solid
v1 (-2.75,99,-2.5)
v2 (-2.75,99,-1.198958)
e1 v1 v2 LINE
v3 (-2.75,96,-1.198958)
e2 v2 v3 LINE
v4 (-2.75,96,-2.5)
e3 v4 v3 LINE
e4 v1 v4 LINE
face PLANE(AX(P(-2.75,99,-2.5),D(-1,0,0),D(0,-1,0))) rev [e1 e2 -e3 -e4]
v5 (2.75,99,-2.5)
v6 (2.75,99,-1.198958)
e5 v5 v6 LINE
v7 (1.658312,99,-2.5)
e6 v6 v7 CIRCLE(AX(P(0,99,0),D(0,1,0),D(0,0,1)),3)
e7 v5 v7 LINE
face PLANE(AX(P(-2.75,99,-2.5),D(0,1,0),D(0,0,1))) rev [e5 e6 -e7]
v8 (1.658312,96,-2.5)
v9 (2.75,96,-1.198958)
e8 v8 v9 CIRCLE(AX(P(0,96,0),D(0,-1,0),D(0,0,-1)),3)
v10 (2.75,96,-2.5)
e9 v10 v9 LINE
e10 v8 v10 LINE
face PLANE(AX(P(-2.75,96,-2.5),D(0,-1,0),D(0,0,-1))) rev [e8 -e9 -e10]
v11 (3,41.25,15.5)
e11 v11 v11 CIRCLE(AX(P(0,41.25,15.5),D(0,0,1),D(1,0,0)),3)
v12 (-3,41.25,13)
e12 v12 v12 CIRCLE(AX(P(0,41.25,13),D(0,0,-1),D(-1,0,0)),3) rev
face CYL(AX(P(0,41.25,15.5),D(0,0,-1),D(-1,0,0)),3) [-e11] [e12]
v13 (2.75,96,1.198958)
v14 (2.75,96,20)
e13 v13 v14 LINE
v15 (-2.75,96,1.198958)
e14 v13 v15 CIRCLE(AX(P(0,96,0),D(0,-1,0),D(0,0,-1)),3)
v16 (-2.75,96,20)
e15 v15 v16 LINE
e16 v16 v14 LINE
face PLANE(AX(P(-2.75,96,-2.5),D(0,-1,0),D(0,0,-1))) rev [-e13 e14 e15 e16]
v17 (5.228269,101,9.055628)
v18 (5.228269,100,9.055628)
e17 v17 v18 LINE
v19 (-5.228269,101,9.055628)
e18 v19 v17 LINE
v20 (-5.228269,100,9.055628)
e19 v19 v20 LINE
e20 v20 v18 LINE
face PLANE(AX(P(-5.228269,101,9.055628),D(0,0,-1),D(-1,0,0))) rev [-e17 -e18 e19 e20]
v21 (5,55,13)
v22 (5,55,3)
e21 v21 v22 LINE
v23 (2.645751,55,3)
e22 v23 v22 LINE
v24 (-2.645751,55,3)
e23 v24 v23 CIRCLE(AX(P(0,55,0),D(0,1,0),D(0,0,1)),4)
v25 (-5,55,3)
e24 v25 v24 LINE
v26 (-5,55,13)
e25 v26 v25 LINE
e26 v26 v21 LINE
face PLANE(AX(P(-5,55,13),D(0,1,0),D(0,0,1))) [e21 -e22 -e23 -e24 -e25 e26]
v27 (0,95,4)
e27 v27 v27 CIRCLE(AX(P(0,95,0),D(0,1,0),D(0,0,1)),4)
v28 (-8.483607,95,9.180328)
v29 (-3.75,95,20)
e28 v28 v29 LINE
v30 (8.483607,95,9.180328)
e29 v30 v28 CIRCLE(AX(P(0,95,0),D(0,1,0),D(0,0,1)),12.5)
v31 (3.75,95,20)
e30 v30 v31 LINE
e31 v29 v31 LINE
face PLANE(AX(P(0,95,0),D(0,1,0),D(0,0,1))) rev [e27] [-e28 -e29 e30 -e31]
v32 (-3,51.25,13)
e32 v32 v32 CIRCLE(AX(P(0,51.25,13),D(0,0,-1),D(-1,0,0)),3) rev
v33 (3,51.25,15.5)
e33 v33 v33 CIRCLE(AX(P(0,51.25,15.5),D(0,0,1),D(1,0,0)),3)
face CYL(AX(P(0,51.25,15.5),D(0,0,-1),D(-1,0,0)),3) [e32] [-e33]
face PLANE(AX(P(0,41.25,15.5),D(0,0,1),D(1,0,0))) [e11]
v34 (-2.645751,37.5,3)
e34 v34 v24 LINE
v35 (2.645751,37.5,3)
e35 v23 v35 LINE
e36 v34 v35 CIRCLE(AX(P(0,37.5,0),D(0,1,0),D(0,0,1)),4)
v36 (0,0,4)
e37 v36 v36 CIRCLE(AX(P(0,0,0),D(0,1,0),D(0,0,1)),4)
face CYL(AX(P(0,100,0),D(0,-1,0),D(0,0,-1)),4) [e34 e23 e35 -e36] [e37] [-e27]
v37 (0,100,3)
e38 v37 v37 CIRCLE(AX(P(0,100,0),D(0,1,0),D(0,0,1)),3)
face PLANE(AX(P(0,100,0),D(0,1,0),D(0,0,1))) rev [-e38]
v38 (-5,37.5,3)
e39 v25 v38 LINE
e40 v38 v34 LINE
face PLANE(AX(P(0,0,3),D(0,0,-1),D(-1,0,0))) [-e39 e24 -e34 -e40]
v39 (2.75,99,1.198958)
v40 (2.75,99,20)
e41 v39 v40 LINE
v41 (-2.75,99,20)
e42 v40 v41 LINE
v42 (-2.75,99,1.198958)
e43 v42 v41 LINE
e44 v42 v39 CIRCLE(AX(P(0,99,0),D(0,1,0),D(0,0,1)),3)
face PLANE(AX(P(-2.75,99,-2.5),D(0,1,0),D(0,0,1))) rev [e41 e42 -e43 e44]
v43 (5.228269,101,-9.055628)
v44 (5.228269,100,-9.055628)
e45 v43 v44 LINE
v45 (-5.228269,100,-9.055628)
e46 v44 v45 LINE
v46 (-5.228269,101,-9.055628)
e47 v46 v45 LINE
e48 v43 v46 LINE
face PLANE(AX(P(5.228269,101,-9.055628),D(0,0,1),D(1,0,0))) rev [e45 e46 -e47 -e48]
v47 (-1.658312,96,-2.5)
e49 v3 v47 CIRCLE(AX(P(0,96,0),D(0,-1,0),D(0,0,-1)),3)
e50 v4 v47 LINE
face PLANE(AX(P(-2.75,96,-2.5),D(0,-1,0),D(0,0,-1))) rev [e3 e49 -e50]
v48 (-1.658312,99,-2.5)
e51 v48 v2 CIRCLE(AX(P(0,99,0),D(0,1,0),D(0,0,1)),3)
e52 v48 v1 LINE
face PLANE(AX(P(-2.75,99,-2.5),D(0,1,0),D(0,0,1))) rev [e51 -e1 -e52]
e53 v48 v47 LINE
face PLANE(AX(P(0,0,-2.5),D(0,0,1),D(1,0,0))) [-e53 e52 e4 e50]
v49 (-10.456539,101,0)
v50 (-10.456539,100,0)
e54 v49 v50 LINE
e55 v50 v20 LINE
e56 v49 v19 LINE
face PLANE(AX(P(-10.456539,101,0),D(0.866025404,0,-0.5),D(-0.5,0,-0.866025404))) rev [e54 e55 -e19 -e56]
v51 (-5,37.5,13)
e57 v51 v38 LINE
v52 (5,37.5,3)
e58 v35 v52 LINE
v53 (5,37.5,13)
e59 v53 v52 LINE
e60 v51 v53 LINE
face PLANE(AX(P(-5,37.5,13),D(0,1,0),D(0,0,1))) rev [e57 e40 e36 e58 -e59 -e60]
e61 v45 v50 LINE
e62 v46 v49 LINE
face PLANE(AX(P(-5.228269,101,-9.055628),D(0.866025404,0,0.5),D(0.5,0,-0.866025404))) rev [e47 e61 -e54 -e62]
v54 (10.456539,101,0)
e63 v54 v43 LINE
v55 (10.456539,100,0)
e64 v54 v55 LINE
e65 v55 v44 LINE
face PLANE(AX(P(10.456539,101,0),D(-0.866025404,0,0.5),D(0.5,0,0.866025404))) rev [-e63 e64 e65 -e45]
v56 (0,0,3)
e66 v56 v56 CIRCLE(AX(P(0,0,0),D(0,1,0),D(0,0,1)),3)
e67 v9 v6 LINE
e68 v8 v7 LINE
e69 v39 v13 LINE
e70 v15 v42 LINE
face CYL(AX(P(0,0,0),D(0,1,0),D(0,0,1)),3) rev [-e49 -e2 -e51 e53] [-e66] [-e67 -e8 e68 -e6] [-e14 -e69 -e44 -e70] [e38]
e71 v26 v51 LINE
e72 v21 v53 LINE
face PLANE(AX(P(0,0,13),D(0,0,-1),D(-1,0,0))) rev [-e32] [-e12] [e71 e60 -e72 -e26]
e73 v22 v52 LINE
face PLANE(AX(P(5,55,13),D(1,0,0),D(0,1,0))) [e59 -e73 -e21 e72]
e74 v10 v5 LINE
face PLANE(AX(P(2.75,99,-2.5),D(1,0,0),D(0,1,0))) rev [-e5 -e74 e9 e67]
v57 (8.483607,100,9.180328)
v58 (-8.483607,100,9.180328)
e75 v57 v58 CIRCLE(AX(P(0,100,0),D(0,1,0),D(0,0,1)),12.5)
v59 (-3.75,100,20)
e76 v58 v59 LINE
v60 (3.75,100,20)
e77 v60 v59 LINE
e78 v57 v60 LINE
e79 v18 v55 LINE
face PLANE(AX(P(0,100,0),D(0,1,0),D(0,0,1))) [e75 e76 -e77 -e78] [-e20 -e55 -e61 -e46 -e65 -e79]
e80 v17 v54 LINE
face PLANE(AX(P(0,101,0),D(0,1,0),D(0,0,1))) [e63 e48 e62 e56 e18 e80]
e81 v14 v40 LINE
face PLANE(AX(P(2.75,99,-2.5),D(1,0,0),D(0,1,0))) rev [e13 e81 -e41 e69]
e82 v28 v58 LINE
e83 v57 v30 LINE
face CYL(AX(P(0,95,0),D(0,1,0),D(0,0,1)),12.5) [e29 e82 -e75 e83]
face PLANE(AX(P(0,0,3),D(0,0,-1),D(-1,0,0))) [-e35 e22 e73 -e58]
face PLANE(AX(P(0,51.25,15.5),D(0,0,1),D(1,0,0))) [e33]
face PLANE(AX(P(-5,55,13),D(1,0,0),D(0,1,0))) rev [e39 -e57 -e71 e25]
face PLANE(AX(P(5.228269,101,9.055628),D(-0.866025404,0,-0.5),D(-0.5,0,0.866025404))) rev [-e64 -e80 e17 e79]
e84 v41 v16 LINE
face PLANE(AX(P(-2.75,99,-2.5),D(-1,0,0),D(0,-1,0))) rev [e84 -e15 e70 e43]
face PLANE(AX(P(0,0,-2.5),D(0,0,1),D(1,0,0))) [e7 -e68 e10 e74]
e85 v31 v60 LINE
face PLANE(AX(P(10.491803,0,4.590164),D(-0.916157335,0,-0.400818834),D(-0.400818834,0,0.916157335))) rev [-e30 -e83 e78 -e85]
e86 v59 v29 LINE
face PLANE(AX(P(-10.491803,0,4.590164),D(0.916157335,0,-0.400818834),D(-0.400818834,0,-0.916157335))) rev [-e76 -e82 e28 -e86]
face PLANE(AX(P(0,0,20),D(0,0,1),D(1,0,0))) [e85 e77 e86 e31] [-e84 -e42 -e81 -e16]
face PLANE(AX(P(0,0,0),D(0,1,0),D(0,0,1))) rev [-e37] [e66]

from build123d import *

# Parameters (mm, degrees)
SKETCH1_R            = 4
BOSS_EXTRUDE1_DEPTH  = 100
SKETCH2_R            = 3
CUT_EXTRUDE1_DEPTH   = 101.159872204
SKETCH3_R            = 12.5
BOSS_EXTRUDE2_DEPTH  = 5
SKETCH9_W            = 5.5
SKETCH9_H            = 3
CUT_EXTRUDE2_DEPTH   = 22.5
SKETCH2_2_R          = 3
CUT_EXTRUDE3_DEPTH   = 103.743612972
BOSS_EXTRUDE6_DEPTH  = 1
SKETCH18_W           = 10
SKETCH18_H           = 17.5
BOSS_EXTRUDE10_DEPTH = 10
SKETCH19_R           = 3
BOSS_EXTRUDE11_DEPTH = 2.5


with BuildPart() as part:
    # Sketch1 → Boss-Extrude1 (new body)
    with BuildSketch(Plane(origin=(0, 0, 0), x_dir=(1, 0, 0), z_dir=(0, 1, 0))):
        Circle(SKETCH1_R)
    extrude(amount=BOSS_EXTRUDE1_DEPTH)

    # Sketch2 → Cut-Extrude1 (cut, through all)
    with BuildSketch(Plane(origin=(0, 100, 0), x_dir=(1, 0, 0), z_dir=(0, 1, 0))):
        Circle(SKETCH2_R)
    extrude(amount=-CUT_EXTRUDE1_DEPTH, mode=Mode.SUBTRACT)

    # Sketch3 → Boss-Extrude2 (add)
    with BuildSketch(Plane(origin=(0, 100, 0), x_dir=(1, 0, 0), z_dir=(0, 1, 0))):
        Circle(SKETCH3_R)
    extrude(amount=-BOSS_EXTRUDE2_DEPTH)

    # Sketch5 → Loft2 section 0
    with BuildSketch(Plane.XY):
        with BuildLine():
            Line((-12.5, 100), (12.5, 100))
            Line((12.5, 100), (12.5, 95))
            Line((12.5, 95), (-12.5, 95))
            Line((-12.5, 95), (-12.5, 100))
        make_face()
    # Sketch4 → Loft2 section 1
    with BuildSketch(Plane.XY.offset(20)):
        with BuildLine():
            Line((-3.75, 100), (3.75, 100))
            Line((3.75, 100), (3.75, 95))
            Line((3.75, 95), (-3.75, 95))
            Line((-3.75, 95), (-3.75, 100))
        make_face()
    loft()

    # Sketch9 → Cut-Extrude2 (cut)
    with BuildSketch(Plane.XY.offset(20)):
        with Locations((0, 97.5)):
            Rectangle(SKETCH9_W, SKETCH9_H)
    extrude(amount=-CUT_EXTRUDE2_DEPTH, mode=Mode.SUBTRACT)

    # Sketch2<2> → Cut-Extrude3 (cut, through all)
    with BuildSketch(Plane(origin=(0, 100, 0), x_dir=(1, 0, 0), z_dir=(0, 1, 0))):
        Circle(SKETCH2_2_R)
    extrude(amount=-CUT_EXTRUDE3_DEPTH, mode=Mode.SUBTRACT)

    # Sketch14 → Boss-Extrude6 (add)
    with BuildSketch(Plane(origin=(0, 100, 0), x_dir=(1, 0, 0), z_dir=(0, 1, 0))):
        Polygon((10.456538619, 0), (5.22826931, 9.05562808), (-5.22826931, 9.05562808), (-10.456538619, 0), (-5.22826931, -9.05562808), (5.22826931, -9.05562808), align=None)
    extrude(amount=BOSS_EXTRUDE6_DEPTH)

    # Sketch18 → Boss-Extrude10 (add)
    with BuildSketch(Plane.XY.offset(3)):
        with Locations((0, 46.25)):
            Rectangle(SKETCH18_W, SKETCH18_H)
    extrude(amount=BOSS_EXTRUDE10_DEPTH)

    # Sketch19 → Boss-Extrude11 (add)
    with BuildSketch(Plane.XY.offset(13)):
        with Locations((0, 51.25)):
            Circle(SKETCH19_R)
        with Locations((0, 41.25)):
            Circle(SKETCH19_R)
    extrude(amount=BOSS_EXTRUDE11_DEPTH)


solid = part.part
